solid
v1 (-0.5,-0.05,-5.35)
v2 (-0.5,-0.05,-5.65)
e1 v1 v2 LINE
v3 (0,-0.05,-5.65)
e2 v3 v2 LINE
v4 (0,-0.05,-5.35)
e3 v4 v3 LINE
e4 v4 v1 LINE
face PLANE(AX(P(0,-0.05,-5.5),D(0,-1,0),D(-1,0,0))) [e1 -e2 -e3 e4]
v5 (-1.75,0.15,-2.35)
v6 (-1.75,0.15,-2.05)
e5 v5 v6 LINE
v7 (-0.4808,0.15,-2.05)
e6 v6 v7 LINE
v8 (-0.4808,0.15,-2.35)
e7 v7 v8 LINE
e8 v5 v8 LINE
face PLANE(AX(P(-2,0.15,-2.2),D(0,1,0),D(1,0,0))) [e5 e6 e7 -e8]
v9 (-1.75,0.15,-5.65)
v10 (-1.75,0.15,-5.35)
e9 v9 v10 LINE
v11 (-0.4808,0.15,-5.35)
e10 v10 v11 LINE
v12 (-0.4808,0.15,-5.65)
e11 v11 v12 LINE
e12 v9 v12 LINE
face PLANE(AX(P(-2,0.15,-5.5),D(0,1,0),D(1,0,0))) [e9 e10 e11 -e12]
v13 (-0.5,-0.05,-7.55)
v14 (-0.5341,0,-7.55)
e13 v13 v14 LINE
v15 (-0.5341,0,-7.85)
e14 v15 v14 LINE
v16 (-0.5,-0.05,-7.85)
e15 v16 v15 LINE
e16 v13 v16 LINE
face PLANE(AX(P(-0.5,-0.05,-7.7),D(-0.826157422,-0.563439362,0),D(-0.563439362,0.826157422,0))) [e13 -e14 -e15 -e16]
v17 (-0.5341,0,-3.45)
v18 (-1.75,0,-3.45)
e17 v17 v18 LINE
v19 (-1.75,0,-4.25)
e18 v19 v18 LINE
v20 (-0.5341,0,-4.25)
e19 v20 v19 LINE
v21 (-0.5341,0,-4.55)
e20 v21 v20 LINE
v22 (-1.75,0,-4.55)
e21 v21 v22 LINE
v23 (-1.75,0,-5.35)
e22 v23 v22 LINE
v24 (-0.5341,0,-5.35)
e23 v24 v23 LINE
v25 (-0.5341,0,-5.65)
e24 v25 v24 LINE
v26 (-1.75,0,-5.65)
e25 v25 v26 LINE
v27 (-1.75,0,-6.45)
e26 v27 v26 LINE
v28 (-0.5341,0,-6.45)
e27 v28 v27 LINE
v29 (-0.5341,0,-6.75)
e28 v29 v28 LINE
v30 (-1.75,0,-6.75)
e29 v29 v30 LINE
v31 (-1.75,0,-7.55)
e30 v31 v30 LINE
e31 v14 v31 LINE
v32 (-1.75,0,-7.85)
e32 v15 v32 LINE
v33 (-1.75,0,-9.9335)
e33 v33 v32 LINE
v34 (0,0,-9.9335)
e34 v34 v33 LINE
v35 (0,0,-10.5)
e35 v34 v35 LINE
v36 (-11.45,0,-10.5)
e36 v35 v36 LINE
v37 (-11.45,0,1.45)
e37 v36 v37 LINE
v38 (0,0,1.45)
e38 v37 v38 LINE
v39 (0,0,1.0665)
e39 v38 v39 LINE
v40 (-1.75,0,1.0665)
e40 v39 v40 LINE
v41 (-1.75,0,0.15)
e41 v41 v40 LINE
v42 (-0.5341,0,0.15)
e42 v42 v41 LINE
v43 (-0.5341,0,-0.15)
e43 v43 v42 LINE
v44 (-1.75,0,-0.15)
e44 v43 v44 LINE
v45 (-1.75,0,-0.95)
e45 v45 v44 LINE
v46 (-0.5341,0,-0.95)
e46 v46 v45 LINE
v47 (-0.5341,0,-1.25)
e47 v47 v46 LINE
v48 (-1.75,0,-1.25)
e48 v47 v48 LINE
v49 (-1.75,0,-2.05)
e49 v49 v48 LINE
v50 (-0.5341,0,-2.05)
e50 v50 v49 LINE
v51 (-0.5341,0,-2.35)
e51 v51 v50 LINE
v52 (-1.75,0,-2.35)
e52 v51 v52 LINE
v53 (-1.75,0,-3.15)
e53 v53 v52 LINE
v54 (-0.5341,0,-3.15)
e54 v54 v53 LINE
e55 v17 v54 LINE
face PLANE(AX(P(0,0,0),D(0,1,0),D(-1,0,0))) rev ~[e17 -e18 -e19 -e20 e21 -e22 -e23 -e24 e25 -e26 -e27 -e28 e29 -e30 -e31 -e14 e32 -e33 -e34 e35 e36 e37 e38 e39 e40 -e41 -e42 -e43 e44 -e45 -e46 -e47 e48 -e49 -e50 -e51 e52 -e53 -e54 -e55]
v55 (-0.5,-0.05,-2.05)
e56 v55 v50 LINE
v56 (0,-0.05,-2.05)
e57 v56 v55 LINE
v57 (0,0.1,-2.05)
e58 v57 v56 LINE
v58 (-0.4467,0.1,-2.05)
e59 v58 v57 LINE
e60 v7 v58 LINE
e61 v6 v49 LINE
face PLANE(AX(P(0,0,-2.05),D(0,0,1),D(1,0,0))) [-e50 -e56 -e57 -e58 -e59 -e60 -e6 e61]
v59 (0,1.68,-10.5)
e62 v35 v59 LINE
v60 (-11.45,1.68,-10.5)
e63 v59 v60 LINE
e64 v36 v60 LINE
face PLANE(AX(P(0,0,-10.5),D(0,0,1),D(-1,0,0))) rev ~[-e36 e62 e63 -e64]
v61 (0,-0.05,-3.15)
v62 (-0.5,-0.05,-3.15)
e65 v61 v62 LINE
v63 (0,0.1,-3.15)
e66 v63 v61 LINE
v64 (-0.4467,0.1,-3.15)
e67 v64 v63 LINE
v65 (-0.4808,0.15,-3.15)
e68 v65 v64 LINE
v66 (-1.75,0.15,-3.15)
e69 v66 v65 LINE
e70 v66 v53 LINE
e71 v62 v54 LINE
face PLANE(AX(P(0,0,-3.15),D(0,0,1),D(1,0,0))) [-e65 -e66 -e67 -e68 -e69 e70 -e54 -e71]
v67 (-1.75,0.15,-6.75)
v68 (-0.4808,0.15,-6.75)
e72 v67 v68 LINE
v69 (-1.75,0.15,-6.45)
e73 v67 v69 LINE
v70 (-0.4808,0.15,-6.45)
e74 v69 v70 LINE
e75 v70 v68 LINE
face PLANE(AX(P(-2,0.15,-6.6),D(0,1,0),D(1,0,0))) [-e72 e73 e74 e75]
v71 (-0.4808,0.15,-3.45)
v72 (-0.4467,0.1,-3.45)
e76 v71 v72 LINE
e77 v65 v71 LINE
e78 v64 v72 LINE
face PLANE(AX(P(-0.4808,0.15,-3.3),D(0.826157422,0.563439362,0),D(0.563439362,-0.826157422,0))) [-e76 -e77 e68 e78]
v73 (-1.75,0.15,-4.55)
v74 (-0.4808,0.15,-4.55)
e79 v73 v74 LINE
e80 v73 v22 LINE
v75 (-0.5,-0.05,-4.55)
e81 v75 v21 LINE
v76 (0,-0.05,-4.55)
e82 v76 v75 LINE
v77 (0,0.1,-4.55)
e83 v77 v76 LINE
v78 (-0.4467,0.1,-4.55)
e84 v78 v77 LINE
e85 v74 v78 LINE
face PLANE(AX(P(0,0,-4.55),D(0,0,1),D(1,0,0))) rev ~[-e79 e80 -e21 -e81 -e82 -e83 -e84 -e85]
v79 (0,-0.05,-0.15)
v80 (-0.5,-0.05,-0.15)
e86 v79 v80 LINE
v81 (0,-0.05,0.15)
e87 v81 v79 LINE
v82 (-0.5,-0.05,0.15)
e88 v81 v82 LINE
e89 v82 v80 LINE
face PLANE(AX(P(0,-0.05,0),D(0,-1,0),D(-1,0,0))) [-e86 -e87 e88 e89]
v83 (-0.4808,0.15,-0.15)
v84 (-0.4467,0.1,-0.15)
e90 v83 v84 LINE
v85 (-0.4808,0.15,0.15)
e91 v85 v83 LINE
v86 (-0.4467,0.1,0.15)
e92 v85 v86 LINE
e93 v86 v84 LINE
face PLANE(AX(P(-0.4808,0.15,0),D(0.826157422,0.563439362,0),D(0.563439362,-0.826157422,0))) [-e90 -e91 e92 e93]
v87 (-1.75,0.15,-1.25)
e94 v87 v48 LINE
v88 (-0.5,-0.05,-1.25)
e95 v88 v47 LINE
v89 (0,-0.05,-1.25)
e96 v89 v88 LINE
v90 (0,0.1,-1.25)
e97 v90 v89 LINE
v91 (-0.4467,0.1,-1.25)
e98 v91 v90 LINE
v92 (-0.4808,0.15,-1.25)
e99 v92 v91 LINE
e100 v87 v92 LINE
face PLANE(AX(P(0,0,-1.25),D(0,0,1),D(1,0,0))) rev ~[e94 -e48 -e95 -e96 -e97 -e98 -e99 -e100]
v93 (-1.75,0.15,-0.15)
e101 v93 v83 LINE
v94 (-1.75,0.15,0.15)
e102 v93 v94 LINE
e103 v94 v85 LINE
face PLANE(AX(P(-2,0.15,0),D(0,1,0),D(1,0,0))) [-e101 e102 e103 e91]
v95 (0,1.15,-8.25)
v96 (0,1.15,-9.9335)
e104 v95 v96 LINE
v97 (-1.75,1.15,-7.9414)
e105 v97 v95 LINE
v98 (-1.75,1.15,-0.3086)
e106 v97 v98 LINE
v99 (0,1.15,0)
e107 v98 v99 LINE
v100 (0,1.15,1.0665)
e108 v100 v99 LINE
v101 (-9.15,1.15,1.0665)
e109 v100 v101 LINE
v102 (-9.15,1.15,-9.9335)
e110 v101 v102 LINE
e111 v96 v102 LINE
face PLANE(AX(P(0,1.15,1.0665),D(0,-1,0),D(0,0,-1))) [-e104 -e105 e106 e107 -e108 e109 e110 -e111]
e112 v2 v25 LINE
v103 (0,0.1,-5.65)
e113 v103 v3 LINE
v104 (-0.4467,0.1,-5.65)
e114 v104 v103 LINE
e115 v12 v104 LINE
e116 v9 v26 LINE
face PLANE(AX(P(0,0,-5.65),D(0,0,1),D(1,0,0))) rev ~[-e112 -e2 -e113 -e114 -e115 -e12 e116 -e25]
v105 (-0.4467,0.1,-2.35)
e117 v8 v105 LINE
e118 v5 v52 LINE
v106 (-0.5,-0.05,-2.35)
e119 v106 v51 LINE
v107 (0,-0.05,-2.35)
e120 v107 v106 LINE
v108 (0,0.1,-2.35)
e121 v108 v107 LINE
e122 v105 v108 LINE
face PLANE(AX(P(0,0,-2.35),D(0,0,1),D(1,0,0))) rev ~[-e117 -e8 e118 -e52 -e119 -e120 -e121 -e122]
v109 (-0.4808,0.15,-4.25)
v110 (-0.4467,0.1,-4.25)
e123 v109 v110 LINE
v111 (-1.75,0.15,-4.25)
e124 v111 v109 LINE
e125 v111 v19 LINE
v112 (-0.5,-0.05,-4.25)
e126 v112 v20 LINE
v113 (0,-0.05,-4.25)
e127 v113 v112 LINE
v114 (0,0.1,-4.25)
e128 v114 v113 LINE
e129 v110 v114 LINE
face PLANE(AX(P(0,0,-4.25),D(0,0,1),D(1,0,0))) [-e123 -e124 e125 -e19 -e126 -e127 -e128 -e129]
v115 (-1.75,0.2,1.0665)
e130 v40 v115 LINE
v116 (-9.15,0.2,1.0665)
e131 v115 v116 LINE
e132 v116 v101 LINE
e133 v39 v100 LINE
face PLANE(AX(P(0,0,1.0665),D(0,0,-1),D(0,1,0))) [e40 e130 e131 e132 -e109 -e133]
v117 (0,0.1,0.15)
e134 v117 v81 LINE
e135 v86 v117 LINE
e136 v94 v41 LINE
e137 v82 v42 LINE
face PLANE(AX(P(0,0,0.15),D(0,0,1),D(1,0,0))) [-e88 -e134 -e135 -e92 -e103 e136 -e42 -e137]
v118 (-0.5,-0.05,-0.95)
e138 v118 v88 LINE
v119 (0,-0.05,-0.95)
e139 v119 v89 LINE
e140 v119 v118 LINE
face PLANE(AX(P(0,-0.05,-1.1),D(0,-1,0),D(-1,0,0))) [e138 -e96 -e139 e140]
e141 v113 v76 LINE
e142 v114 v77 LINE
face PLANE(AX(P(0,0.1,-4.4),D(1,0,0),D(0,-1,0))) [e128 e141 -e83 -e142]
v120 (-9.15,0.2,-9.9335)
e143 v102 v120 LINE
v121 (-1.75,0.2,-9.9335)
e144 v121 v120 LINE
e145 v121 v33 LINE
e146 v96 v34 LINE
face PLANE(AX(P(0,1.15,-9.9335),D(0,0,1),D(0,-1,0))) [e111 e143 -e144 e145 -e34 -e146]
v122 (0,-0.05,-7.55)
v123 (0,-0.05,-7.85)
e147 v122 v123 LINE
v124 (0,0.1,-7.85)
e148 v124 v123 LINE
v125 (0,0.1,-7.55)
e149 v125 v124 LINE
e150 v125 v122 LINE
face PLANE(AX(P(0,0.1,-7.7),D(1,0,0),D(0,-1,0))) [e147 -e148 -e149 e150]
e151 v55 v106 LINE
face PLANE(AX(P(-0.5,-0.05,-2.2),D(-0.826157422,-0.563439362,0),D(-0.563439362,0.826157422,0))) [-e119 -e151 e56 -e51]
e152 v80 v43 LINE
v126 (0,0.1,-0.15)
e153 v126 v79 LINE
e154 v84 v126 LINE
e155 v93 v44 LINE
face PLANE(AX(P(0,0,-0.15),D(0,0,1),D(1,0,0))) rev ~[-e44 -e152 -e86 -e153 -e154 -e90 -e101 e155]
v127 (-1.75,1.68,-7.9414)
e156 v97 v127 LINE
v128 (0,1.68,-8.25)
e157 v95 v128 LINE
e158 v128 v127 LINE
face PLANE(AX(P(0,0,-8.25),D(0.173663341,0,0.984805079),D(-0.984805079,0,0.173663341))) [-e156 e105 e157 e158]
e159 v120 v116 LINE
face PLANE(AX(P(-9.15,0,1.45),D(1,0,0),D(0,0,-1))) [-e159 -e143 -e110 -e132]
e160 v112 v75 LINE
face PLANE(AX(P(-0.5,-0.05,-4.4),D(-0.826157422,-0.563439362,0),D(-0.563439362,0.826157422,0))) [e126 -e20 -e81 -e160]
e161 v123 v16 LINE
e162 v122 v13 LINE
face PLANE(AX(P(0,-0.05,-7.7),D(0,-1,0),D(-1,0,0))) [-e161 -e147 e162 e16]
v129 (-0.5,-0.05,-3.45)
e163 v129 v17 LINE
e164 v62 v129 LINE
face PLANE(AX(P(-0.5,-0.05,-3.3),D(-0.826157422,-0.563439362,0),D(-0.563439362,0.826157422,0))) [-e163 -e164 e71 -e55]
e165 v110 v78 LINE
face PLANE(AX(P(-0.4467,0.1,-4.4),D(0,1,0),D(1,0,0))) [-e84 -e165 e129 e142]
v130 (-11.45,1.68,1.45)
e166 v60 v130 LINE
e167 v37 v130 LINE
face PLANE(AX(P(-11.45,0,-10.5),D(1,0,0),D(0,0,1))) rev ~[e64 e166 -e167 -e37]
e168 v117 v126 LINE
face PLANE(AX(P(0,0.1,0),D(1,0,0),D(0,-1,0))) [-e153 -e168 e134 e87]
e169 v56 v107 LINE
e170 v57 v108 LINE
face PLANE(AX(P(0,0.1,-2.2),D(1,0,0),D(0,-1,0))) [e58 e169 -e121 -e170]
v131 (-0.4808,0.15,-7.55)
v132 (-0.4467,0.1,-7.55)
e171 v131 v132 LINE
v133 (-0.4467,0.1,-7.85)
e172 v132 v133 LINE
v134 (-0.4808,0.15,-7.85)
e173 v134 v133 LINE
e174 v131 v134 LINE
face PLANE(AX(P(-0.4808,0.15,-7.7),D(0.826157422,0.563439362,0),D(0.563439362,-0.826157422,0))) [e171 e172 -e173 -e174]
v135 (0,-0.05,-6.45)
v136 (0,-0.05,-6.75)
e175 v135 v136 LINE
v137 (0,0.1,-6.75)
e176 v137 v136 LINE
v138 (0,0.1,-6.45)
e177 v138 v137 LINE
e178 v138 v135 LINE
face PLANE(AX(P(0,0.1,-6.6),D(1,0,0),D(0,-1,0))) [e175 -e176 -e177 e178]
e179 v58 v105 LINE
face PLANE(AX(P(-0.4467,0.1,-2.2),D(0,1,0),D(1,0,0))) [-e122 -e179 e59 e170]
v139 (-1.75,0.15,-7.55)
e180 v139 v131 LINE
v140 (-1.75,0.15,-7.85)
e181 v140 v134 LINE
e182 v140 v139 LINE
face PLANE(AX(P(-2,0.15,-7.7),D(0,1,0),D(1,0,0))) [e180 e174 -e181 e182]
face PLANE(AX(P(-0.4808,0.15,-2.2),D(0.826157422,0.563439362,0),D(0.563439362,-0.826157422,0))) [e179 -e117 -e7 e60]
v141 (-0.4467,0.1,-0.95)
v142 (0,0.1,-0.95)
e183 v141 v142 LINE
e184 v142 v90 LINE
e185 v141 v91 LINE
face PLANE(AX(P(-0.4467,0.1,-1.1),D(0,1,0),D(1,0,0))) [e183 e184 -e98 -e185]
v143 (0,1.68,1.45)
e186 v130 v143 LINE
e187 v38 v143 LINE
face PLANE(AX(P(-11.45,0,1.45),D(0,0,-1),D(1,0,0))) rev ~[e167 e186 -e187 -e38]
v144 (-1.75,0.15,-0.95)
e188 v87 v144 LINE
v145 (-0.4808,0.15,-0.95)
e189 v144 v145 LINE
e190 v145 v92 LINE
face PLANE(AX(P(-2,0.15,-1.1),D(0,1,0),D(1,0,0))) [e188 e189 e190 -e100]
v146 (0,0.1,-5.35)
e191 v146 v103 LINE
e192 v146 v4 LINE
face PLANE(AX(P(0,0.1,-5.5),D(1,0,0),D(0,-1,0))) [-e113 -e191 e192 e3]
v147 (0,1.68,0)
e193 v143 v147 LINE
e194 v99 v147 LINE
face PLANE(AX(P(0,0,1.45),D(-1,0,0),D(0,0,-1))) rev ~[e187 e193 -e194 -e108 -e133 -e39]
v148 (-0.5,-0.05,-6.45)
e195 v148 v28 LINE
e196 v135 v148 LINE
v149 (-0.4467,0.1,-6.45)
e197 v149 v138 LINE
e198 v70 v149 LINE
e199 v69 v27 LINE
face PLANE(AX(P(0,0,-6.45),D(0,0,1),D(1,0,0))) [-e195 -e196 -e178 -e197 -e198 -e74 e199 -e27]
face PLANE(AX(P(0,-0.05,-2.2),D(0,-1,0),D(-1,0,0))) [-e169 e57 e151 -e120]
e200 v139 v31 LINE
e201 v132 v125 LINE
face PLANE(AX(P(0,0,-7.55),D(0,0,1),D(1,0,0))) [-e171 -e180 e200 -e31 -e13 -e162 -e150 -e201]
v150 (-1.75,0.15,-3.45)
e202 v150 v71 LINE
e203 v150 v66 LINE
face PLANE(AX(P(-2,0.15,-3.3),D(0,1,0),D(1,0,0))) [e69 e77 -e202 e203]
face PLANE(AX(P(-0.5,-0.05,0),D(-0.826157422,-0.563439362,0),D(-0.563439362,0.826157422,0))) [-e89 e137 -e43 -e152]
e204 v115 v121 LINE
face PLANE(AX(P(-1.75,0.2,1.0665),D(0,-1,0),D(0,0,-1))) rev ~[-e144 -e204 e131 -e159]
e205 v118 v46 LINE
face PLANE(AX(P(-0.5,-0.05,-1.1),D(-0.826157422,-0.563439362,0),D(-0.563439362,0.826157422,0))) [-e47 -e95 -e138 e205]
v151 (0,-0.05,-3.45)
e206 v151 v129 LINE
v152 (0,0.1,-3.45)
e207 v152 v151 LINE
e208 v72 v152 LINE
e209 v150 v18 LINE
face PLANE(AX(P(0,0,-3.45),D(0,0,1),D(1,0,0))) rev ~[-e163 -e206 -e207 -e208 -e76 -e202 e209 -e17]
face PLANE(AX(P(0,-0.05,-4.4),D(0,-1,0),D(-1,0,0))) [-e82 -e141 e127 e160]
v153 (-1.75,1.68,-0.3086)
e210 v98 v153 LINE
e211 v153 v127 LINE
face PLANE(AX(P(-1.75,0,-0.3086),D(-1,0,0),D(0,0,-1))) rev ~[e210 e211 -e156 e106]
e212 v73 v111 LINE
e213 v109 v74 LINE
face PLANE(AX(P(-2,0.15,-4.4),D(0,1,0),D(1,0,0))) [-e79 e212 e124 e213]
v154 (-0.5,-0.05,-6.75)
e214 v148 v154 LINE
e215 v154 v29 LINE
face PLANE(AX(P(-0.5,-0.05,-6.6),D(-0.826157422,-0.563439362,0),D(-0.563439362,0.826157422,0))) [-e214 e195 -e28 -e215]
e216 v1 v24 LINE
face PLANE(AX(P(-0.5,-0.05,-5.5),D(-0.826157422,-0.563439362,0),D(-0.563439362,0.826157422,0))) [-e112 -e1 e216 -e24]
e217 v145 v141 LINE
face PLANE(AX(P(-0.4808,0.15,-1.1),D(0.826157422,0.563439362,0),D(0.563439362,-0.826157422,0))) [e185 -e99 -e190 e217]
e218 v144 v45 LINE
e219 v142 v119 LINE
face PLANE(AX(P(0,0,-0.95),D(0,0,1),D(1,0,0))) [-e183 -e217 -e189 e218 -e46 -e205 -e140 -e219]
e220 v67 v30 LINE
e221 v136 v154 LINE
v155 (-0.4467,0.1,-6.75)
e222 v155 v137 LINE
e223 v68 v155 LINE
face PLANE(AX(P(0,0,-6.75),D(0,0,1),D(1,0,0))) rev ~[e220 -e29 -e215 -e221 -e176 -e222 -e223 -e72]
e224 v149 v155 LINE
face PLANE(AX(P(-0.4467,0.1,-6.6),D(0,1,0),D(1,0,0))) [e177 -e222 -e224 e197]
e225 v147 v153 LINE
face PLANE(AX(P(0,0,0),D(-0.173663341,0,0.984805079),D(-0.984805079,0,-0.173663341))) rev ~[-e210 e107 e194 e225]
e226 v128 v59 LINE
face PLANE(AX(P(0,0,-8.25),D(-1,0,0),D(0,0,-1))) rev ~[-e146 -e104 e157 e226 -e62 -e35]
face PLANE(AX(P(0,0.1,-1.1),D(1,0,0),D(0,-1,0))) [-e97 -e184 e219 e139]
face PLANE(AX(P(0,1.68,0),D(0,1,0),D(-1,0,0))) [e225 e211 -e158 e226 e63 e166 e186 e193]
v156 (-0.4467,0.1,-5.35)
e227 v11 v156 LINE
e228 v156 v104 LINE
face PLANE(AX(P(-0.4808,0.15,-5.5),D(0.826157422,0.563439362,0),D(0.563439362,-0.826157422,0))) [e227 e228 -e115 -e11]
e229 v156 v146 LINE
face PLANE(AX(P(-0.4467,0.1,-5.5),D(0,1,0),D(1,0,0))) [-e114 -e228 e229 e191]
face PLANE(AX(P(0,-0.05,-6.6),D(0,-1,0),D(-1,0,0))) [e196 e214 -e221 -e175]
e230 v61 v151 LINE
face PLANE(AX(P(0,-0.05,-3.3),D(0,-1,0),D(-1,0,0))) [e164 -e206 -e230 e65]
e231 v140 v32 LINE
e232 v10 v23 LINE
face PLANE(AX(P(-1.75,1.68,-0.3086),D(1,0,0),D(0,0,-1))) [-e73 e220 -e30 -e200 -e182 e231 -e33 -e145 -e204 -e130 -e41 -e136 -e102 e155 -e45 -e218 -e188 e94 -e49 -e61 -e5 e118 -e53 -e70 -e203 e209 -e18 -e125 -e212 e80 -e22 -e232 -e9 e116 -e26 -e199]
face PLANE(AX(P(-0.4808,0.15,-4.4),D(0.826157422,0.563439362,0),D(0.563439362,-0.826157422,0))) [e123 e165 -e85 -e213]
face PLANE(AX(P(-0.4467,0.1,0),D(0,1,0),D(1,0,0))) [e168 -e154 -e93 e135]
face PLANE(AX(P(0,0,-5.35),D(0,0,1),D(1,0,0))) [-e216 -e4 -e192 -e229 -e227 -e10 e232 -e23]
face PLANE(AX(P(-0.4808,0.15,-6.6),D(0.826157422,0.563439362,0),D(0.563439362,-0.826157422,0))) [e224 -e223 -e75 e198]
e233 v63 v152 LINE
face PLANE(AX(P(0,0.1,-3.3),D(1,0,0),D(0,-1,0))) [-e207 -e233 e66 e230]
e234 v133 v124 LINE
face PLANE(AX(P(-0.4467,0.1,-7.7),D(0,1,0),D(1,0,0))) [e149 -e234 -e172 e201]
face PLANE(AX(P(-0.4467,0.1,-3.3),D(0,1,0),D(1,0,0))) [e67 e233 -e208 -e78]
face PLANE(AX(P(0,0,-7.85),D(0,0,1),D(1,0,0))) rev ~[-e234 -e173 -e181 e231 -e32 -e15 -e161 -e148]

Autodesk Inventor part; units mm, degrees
ref_plane "YZ Plane" through (0, 0, 0) normal (1, 0, 0) x (0, 1, 0)
ref_plane "XZ Plane" through (0, 0, 0) normal (0, 1, 0) x (-1, 0, 0)
ref_plane "XY Plane" through (0, 0, 0) normal (0, 0, 1) x (1, 0, 0)
sketch "Sketch2" plane through (0, 0, 0) normal (0, 1, 0) x (-1, 0, 0)
  line L0 (11.45, 1.45) -> (0, 1.45)
  line L1 (0, 1.45) -> (0, -10.5)
  line L2 (0, -10.5) -> (11.45, -10.5)
  line L3 (11.45, -10.5) -> (11.45, 1.45)
  line L4 (1.75, 0) -> (1.75, -8.25)
  line L5 (0, 0) -> (1.75, 0) construction
  line L6 (1.75, -8.25) -> (0, -8.25) construction
  line L7 (0, 0) -> (1.75, -0.3086)
  line L8 (0, -8.25) -> (1.75, -7.9414)
  line L9 (0, 0) -> (0, -8.25)
  dimension "d9" = 0
  dimension "d10" = 11.45
  dimension "d11" = 11.95
  dimension "d12" = 10.5
  dimension "d13" = 1.75
  dimension "d14" = 8.25
  dimension "d15" = 10
  dimension "d16" = 10
extrude "Extrusion2" add sketch "Sketch2" along normal blind 1.68 contours L3 L2 L1 L8 L4 L7 L0
sketch "Sketch3" plane through (0, 0, 1.45) normal (1, 0, 0) x (0, 0, -1)
  line L0 (11.95, 0) -> (0, 0) projected
  line L1 (11.3835, 0) -> (0.3835, 0)
  line L2 (0.3835, 0) -> (0.3835, 1.15)
  line L3 (0.3835, 1.15) -> (11.3835, 1.15)
  line L4 (11.3835, 1.15) -> (11.3835, 0)
  point P0 (1.45, 0)
  dimension "d19" = 11
  dimension "d20" = 1.15
extrude "Extrusion3" cut sketch "Sketch3" against normal blind 9.15
sketch "Sketch4" plane through (-1.75, 1.68, -0.3086) normal (1, 0, 0) x (0, 0, -1)
  line L0 (-1.3751, -1.68) -> (-1.3751, -0.53) projected
  line L1 (9.6249, -1.68) -> (-1.3751, -1.68) projected
  line L2 (-1.3751, -1.48) -> (9.6249, -1.48)
  line L3 (9.6249, -1.48) -> (9.6249, -1.68)
  line L4 (9.6249, -1.68) -> (-1.3751, -1.68)
  line L5 (-1.3751, -1.68) -> (-1.3751, -1.48)
  line L6 (0, -0.53) -> (7.6329, -0.53) projected
  line L7 (3.8164, -0.53) -> (5.5042, -0.53)
  point P0 (-0.3086, -1.68)
  dimension "d23" = 0.95
extrude "Extrusion4" add sketch "Sketch4" against normal up to next
sketch "Sketch5" plane through (0, 0, 0) normal (0, 0, 1) x (1, 0, 0)
  line L0 (-2, 0.15) -> (-0.4808, 0.15)
  line L1 (-0.4808, 0.15) -> (-0.4467, 0.1)
  line L2 (-0.4467, 0.1) -> (0, 0.1)
  line L3 (0, 0.1) -> (0, -0.05)
  line L4 (0, -0.05) -> (-0.5, -0.05)
  line L5 (-0.5, -0.05) -> (-0.5341, 0)
  line L6 (-0.5341, 0) -> (-2, 0)
  line L7 (-2, 0) -> (-2, 0.15)
  point P0 (0, 0)
  dimension "d26" = 0
  dimension "d27" = 0.5
  dimension "d28" = 2
  dimension "d29" = 0.05
  dimension "d30" = 0.15
  dimension "d32" = 0.15
  dimension "d33" = 0.2
extrude "Extrusion5" add sketch "Sketch5" along normal mid plane 0.3
pattern_linear "Rectangular Pattern1" count 8 spacing 1.1 along (0, 0, -1) of "Extrusion5"
properties part number "uSDCard"
